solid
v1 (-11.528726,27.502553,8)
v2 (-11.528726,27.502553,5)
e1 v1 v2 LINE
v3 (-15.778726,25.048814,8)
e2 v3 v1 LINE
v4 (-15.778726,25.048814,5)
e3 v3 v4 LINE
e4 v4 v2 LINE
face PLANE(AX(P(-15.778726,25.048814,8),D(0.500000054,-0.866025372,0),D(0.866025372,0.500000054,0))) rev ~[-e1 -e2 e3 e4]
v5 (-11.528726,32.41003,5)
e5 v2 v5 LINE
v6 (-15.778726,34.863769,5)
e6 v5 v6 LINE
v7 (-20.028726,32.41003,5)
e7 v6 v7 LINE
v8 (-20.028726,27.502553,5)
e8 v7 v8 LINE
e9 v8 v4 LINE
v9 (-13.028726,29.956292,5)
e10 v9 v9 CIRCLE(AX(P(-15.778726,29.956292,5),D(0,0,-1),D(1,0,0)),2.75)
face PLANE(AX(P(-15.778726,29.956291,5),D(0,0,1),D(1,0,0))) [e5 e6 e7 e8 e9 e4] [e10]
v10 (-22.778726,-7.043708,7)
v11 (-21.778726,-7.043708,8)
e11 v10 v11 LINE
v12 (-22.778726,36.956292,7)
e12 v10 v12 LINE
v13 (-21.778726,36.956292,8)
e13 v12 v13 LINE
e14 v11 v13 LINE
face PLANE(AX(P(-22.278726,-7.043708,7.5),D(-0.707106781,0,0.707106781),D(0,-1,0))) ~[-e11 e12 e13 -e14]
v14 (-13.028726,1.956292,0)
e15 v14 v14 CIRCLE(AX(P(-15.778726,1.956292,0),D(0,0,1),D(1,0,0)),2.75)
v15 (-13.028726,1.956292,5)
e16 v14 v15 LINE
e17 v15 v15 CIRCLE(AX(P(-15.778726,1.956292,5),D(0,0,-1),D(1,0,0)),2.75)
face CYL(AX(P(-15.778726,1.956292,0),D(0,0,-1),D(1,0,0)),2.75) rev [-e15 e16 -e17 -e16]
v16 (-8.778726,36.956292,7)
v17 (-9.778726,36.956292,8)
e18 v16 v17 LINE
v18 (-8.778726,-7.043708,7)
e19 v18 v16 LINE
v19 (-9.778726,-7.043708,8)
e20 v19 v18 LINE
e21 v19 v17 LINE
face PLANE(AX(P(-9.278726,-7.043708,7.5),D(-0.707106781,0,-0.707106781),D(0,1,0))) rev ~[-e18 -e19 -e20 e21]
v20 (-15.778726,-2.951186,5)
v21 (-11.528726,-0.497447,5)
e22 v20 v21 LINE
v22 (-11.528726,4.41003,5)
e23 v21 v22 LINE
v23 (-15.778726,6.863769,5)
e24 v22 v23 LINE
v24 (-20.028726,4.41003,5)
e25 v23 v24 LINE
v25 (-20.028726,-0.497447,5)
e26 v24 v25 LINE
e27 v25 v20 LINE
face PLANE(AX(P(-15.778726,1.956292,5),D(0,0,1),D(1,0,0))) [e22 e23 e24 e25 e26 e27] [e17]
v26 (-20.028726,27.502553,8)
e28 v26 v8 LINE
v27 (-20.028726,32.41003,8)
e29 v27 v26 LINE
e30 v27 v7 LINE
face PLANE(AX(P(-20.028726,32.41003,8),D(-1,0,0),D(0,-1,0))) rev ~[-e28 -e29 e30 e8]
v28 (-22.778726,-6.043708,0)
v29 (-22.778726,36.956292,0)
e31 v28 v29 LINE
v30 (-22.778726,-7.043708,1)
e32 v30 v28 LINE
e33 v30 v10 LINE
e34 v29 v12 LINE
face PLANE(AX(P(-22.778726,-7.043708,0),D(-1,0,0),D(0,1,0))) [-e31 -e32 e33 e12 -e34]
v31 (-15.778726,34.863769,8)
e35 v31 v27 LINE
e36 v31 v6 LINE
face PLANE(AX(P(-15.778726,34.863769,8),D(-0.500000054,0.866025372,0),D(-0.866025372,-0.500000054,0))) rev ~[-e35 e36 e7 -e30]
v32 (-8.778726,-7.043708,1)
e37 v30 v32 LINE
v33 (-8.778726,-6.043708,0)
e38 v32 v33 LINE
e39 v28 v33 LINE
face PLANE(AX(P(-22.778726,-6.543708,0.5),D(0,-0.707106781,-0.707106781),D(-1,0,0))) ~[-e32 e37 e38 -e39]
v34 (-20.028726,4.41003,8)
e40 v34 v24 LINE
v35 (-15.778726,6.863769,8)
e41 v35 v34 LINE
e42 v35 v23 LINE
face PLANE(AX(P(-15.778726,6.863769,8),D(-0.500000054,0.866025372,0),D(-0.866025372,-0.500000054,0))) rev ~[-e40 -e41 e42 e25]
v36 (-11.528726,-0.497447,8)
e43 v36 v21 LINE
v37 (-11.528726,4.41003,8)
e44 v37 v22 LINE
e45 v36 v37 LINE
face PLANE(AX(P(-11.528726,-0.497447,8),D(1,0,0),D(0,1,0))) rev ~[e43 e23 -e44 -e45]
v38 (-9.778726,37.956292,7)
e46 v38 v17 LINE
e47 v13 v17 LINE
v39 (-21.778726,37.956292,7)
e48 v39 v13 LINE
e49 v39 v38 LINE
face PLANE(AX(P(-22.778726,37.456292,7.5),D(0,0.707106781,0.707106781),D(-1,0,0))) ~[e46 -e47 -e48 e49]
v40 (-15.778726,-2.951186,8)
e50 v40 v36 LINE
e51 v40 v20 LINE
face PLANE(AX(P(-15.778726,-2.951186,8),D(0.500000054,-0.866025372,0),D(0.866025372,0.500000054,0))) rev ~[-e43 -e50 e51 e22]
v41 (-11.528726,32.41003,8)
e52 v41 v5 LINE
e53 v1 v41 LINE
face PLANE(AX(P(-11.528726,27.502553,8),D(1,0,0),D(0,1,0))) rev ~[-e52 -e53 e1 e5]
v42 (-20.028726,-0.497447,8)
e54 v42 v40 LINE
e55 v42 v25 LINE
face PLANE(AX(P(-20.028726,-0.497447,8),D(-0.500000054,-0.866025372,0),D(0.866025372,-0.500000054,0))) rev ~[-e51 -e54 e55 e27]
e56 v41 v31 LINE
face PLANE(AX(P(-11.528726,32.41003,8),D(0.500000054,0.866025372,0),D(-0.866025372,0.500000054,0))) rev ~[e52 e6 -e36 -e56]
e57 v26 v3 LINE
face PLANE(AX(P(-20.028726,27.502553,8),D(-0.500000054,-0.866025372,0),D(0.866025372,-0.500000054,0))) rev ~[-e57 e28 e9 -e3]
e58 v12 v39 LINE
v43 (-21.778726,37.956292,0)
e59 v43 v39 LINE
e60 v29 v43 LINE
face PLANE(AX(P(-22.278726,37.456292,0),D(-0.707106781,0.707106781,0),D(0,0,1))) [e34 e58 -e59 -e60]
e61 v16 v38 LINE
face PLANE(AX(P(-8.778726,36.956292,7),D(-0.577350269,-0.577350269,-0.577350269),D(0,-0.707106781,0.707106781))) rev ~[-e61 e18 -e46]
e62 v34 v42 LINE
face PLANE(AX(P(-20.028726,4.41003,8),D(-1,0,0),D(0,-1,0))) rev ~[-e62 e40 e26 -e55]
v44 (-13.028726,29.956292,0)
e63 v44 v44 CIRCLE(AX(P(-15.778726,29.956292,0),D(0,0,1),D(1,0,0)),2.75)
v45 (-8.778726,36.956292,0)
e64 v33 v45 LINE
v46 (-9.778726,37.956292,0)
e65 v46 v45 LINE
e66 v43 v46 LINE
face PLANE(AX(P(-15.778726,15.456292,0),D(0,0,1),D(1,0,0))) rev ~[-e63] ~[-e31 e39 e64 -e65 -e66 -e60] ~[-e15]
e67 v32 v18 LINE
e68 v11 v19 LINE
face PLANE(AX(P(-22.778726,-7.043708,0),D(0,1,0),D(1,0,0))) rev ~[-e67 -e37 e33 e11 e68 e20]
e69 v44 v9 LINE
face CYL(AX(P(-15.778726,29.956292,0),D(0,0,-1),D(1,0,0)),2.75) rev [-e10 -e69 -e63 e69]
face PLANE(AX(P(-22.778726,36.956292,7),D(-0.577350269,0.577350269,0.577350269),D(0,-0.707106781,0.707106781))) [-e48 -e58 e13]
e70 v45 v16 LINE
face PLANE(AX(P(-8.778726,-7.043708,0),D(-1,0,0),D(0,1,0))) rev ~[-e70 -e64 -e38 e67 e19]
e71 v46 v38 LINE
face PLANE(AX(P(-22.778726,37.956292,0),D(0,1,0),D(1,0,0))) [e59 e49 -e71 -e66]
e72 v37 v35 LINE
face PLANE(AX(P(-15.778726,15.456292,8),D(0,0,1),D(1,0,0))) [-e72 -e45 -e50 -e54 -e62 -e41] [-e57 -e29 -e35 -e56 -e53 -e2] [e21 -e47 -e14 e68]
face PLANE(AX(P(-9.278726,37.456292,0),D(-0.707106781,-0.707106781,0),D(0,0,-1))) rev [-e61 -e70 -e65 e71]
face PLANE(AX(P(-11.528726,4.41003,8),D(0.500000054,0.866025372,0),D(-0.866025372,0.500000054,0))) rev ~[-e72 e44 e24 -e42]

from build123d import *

# Parameters (mm, degrees)
F0_W     = 14
F0_H     = 45
F0_R     = 2.75
F1_DEPTH = 8
F3_DEPTH = 3
F4_SIZE  = 1


with BuildPart() as f1:
    # F0 (on Top) → F1 (new body)
    with BuildSketch(Plane.XY):
        with Locations((-15.778726, 15.456292)):
            Rectangle(F0_W, F0_H)
        with Locations((-15.778726, 1.956292)):
            Circle(F0_R, mode=Mode.SUBTRACT)
        with Locations((-15.778726, 29.956292)):
            Circle(F0_R, mode=Mode.SUBTRACT)
    extrude(amount=F1_DEPTH)

    # F2 (on face) → F3 (cut)
    with BuildSketch(Plane.XY.offset(8)):
        Polygon((-11.528726, 27.502553), (-11.528726, 32.41003), (-15.778726, 34.863769), (-20.028726, 32.41003), (-20.028726, 27.502553), (-15.778726, 25.048814), align=None)
        Polygon((-11.528726, -0.497447), (-11.528726, 4.41003), (-15.778726, 6.863769), (-20.028726, 4.41003), (-20.028726, -0.497447), (-15.778726, -2.951186), align=None)
    extrude(amount=-F3_DEPTH, mode=Mode.SUBTRACT)

    # F4
    f4_edges = [f1.edges().sort_by_distance(p)[0] for p in [
        (-15.778726, 37.956292, 8),
        (-8.778726, 37.956292, 4),
        (-22.778726, 37.956292, 4),
        (-15.778726, -7.043708, 0),
        (-8.778726, 15.456292, 8),
        (-22.778726, 15.456292, 8),
    ]]
    chamfer(f4_edges, length=F4_SIZE)


solid = f1.part
